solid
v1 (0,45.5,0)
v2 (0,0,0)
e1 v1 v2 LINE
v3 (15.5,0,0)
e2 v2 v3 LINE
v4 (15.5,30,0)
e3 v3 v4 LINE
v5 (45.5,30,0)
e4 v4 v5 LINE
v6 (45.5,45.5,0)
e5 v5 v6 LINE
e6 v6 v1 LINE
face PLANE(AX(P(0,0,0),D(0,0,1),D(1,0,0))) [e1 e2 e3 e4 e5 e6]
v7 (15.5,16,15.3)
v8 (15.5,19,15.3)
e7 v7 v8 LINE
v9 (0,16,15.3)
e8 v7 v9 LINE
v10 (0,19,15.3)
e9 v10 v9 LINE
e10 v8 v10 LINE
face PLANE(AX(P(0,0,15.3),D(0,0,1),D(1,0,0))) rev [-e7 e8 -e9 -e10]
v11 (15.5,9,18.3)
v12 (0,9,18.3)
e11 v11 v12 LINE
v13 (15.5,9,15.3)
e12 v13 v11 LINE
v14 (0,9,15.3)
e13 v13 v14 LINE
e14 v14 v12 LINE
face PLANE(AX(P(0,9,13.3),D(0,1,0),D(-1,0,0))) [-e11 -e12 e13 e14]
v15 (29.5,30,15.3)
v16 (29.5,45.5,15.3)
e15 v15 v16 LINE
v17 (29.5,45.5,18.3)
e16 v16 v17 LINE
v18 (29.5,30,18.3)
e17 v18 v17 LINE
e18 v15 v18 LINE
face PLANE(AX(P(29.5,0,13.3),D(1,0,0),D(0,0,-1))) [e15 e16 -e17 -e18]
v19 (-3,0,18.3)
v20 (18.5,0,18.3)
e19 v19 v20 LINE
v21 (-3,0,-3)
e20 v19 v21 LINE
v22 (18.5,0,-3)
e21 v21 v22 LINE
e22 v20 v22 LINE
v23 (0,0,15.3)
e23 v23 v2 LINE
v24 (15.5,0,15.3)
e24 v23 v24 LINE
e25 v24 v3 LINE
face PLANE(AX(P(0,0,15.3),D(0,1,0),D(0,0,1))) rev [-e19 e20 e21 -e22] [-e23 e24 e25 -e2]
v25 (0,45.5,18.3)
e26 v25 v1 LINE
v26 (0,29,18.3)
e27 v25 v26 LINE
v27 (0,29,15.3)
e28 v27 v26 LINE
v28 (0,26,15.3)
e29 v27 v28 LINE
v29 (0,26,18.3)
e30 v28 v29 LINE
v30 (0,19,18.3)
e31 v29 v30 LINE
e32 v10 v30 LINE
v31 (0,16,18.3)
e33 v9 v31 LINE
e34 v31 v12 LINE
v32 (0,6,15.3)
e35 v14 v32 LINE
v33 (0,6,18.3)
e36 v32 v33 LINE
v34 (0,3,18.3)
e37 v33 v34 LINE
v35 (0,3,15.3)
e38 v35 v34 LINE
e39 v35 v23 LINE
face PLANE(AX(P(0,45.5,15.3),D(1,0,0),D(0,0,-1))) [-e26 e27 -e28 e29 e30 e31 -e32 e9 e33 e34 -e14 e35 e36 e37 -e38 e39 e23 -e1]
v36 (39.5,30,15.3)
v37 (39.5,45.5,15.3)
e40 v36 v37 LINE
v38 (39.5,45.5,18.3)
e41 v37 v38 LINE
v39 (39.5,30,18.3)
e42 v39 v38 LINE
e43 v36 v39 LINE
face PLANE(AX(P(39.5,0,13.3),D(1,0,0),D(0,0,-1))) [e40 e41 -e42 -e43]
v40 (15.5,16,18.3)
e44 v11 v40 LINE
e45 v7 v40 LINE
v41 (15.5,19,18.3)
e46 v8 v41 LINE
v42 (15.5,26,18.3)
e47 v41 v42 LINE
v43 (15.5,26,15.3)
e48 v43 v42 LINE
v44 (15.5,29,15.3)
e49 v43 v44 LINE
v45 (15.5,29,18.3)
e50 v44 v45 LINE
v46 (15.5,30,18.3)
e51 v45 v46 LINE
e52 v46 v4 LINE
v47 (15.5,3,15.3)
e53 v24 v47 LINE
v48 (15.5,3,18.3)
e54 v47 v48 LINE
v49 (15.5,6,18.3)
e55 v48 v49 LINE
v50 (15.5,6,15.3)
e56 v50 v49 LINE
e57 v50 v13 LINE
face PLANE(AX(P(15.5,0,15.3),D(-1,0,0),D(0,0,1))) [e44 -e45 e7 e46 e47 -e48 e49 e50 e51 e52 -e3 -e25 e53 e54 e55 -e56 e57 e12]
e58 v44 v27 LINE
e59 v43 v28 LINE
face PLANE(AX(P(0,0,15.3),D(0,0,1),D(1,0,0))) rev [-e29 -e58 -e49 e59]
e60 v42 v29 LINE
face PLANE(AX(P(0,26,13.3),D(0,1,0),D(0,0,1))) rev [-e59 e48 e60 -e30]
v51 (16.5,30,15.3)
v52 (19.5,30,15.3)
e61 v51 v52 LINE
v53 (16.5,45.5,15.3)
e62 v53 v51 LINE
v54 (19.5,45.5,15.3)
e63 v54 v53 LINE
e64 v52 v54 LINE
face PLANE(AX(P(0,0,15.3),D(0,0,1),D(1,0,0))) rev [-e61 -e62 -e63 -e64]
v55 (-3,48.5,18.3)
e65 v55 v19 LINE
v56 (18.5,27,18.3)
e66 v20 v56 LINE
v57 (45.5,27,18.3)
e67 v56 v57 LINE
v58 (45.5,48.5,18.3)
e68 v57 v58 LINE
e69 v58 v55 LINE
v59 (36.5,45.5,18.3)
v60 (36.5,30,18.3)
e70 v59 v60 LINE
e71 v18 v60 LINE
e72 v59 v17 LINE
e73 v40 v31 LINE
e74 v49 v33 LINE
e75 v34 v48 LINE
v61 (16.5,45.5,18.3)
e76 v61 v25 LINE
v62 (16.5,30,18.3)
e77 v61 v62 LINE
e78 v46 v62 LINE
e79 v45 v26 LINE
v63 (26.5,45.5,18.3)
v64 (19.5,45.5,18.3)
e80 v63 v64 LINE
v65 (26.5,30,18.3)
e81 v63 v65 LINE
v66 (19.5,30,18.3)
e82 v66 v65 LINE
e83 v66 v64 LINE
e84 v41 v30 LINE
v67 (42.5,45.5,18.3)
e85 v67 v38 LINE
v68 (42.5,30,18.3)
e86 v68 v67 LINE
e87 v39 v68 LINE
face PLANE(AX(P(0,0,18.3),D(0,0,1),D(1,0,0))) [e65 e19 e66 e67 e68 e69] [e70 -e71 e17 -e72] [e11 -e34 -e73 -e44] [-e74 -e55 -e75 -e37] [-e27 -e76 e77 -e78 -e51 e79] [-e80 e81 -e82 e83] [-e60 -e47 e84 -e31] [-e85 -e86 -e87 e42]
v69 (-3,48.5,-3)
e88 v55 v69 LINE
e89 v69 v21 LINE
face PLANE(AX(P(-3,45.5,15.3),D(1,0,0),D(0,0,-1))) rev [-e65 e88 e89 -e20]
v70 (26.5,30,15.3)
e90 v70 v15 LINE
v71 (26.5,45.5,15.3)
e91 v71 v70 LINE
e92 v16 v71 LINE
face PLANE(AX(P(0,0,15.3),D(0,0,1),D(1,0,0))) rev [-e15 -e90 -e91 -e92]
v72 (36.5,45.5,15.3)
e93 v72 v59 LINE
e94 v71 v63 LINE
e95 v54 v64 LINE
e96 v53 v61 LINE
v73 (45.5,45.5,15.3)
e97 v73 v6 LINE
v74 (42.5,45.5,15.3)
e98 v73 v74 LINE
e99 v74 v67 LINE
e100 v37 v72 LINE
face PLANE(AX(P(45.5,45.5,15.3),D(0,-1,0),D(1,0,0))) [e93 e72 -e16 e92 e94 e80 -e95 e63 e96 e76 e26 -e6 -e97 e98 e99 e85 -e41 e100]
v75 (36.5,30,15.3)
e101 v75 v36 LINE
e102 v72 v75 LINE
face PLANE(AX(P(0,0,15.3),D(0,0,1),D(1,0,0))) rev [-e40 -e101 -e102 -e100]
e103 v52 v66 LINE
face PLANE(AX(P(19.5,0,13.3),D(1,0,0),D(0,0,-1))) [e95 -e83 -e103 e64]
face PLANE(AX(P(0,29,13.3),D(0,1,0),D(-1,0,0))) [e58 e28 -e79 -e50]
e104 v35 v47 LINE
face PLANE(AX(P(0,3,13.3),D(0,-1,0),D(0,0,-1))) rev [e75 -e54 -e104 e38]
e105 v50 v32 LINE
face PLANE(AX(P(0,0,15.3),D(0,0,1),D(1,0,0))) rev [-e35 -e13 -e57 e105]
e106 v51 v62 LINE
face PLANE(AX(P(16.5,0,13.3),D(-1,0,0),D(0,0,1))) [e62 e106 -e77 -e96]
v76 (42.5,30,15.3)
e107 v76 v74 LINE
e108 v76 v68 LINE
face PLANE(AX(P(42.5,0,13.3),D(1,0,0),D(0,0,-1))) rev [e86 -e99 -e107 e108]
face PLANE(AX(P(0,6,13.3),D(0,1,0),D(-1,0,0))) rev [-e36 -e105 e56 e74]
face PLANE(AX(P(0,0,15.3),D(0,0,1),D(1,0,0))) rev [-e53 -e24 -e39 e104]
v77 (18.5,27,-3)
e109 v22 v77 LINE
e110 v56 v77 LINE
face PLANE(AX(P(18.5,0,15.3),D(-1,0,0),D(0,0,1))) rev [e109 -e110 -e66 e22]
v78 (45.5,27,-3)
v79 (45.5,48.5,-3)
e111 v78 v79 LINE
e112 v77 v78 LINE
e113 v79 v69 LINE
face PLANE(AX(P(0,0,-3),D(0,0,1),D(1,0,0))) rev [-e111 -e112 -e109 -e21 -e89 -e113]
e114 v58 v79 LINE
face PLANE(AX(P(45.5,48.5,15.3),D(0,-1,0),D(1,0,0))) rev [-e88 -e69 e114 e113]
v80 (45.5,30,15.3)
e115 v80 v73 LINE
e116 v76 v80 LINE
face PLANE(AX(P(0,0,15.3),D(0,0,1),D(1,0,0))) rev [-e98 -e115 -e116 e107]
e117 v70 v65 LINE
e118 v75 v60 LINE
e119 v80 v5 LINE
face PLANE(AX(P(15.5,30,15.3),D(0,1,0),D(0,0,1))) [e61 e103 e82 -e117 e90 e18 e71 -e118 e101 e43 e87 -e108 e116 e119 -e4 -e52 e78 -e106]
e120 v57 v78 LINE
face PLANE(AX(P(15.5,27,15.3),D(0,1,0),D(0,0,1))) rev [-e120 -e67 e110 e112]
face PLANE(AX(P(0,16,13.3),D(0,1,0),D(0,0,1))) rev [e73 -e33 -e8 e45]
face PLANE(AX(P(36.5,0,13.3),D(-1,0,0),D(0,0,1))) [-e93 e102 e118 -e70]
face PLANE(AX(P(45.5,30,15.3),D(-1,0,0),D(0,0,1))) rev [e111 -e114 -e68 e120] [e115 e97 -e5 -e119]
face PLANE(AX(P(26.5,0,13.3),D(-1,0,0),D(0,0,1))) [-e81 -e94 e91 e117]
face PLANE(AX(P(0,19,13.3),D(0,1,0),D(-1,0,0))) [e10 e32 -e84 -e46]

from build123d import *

# Parameters (mm, degrees)
BOSS_EXTRUDE1_DEPTH = 15.3
SHELL1_T            = 3
SKETCH2_W           = 7
SKETCH2_H           = 15.5
SKETCH2_W_2         = 3
SKETCH2_W_3         = 15.5
SKETCH2_H_2         = 7
SKETCH2_H_3         = 3
CUT_EXTRUDE1_DEPTH  = 5


with BuildPart() as part:
    # Sketch1 → Boss-Extrude1 (new body)
    with BuildSketch(Plane.XY):
        Polygon((0, 0), (15.5, 0), (15.5, 30), (45.5, 30), (45.5, 45.5), (0, 45.5), align=None)
    extrude(amount=BOSS_EXTRUDE1_DEPTH)

    # Shell1
    shell1_openings = [part.faces().sort_by_distance(p)[0] for p in [
        (7.75, 0, 7.65),
        (45.5, 37.75, 7.65),
    ]]
    offset(amount=SHELL1_T, openings=shell1_openings, kind=Kind.INTERSECTION)

    # Sketch2 → Cut-Extrude1 (cut)
    with BuildSketch(Plane.XY.offset(18.3)):
        Polygon((15.5, 30), (16.5, 30), (16.5, 45.5), (0, 45.5), (0, 29), (15.5, 29), align=None)
        with Locations((23, 37.75)):
            Rectangle(SKETCH2_W, SKETCH2_H)
        with Locations((33, 37.75)):
            Rectangle(SKETCH2_W, SKETCH2_H)
        with Locations((41, 37.75)):
            Rectangle(SKETCH2_W_2, SKETCH2_H)
        with Locations((7.75, 22.5)):
            Rectangle(SKETCH2_W_3, SKETCH2_H_2)
        with Locations((7.75, 12.5)):
            Rectangle(SKETCH2_W_3, SKETCH2_H_2)
        with Locations((7.75, 4.5)):
            Rectangle(SKETCH2_W_3, SKETCH2_H_3)
    extrude(amount=-CUT_EXTRUDE1_DEPTH, mode=Mode.SUBTRACT)


solid = part.part
